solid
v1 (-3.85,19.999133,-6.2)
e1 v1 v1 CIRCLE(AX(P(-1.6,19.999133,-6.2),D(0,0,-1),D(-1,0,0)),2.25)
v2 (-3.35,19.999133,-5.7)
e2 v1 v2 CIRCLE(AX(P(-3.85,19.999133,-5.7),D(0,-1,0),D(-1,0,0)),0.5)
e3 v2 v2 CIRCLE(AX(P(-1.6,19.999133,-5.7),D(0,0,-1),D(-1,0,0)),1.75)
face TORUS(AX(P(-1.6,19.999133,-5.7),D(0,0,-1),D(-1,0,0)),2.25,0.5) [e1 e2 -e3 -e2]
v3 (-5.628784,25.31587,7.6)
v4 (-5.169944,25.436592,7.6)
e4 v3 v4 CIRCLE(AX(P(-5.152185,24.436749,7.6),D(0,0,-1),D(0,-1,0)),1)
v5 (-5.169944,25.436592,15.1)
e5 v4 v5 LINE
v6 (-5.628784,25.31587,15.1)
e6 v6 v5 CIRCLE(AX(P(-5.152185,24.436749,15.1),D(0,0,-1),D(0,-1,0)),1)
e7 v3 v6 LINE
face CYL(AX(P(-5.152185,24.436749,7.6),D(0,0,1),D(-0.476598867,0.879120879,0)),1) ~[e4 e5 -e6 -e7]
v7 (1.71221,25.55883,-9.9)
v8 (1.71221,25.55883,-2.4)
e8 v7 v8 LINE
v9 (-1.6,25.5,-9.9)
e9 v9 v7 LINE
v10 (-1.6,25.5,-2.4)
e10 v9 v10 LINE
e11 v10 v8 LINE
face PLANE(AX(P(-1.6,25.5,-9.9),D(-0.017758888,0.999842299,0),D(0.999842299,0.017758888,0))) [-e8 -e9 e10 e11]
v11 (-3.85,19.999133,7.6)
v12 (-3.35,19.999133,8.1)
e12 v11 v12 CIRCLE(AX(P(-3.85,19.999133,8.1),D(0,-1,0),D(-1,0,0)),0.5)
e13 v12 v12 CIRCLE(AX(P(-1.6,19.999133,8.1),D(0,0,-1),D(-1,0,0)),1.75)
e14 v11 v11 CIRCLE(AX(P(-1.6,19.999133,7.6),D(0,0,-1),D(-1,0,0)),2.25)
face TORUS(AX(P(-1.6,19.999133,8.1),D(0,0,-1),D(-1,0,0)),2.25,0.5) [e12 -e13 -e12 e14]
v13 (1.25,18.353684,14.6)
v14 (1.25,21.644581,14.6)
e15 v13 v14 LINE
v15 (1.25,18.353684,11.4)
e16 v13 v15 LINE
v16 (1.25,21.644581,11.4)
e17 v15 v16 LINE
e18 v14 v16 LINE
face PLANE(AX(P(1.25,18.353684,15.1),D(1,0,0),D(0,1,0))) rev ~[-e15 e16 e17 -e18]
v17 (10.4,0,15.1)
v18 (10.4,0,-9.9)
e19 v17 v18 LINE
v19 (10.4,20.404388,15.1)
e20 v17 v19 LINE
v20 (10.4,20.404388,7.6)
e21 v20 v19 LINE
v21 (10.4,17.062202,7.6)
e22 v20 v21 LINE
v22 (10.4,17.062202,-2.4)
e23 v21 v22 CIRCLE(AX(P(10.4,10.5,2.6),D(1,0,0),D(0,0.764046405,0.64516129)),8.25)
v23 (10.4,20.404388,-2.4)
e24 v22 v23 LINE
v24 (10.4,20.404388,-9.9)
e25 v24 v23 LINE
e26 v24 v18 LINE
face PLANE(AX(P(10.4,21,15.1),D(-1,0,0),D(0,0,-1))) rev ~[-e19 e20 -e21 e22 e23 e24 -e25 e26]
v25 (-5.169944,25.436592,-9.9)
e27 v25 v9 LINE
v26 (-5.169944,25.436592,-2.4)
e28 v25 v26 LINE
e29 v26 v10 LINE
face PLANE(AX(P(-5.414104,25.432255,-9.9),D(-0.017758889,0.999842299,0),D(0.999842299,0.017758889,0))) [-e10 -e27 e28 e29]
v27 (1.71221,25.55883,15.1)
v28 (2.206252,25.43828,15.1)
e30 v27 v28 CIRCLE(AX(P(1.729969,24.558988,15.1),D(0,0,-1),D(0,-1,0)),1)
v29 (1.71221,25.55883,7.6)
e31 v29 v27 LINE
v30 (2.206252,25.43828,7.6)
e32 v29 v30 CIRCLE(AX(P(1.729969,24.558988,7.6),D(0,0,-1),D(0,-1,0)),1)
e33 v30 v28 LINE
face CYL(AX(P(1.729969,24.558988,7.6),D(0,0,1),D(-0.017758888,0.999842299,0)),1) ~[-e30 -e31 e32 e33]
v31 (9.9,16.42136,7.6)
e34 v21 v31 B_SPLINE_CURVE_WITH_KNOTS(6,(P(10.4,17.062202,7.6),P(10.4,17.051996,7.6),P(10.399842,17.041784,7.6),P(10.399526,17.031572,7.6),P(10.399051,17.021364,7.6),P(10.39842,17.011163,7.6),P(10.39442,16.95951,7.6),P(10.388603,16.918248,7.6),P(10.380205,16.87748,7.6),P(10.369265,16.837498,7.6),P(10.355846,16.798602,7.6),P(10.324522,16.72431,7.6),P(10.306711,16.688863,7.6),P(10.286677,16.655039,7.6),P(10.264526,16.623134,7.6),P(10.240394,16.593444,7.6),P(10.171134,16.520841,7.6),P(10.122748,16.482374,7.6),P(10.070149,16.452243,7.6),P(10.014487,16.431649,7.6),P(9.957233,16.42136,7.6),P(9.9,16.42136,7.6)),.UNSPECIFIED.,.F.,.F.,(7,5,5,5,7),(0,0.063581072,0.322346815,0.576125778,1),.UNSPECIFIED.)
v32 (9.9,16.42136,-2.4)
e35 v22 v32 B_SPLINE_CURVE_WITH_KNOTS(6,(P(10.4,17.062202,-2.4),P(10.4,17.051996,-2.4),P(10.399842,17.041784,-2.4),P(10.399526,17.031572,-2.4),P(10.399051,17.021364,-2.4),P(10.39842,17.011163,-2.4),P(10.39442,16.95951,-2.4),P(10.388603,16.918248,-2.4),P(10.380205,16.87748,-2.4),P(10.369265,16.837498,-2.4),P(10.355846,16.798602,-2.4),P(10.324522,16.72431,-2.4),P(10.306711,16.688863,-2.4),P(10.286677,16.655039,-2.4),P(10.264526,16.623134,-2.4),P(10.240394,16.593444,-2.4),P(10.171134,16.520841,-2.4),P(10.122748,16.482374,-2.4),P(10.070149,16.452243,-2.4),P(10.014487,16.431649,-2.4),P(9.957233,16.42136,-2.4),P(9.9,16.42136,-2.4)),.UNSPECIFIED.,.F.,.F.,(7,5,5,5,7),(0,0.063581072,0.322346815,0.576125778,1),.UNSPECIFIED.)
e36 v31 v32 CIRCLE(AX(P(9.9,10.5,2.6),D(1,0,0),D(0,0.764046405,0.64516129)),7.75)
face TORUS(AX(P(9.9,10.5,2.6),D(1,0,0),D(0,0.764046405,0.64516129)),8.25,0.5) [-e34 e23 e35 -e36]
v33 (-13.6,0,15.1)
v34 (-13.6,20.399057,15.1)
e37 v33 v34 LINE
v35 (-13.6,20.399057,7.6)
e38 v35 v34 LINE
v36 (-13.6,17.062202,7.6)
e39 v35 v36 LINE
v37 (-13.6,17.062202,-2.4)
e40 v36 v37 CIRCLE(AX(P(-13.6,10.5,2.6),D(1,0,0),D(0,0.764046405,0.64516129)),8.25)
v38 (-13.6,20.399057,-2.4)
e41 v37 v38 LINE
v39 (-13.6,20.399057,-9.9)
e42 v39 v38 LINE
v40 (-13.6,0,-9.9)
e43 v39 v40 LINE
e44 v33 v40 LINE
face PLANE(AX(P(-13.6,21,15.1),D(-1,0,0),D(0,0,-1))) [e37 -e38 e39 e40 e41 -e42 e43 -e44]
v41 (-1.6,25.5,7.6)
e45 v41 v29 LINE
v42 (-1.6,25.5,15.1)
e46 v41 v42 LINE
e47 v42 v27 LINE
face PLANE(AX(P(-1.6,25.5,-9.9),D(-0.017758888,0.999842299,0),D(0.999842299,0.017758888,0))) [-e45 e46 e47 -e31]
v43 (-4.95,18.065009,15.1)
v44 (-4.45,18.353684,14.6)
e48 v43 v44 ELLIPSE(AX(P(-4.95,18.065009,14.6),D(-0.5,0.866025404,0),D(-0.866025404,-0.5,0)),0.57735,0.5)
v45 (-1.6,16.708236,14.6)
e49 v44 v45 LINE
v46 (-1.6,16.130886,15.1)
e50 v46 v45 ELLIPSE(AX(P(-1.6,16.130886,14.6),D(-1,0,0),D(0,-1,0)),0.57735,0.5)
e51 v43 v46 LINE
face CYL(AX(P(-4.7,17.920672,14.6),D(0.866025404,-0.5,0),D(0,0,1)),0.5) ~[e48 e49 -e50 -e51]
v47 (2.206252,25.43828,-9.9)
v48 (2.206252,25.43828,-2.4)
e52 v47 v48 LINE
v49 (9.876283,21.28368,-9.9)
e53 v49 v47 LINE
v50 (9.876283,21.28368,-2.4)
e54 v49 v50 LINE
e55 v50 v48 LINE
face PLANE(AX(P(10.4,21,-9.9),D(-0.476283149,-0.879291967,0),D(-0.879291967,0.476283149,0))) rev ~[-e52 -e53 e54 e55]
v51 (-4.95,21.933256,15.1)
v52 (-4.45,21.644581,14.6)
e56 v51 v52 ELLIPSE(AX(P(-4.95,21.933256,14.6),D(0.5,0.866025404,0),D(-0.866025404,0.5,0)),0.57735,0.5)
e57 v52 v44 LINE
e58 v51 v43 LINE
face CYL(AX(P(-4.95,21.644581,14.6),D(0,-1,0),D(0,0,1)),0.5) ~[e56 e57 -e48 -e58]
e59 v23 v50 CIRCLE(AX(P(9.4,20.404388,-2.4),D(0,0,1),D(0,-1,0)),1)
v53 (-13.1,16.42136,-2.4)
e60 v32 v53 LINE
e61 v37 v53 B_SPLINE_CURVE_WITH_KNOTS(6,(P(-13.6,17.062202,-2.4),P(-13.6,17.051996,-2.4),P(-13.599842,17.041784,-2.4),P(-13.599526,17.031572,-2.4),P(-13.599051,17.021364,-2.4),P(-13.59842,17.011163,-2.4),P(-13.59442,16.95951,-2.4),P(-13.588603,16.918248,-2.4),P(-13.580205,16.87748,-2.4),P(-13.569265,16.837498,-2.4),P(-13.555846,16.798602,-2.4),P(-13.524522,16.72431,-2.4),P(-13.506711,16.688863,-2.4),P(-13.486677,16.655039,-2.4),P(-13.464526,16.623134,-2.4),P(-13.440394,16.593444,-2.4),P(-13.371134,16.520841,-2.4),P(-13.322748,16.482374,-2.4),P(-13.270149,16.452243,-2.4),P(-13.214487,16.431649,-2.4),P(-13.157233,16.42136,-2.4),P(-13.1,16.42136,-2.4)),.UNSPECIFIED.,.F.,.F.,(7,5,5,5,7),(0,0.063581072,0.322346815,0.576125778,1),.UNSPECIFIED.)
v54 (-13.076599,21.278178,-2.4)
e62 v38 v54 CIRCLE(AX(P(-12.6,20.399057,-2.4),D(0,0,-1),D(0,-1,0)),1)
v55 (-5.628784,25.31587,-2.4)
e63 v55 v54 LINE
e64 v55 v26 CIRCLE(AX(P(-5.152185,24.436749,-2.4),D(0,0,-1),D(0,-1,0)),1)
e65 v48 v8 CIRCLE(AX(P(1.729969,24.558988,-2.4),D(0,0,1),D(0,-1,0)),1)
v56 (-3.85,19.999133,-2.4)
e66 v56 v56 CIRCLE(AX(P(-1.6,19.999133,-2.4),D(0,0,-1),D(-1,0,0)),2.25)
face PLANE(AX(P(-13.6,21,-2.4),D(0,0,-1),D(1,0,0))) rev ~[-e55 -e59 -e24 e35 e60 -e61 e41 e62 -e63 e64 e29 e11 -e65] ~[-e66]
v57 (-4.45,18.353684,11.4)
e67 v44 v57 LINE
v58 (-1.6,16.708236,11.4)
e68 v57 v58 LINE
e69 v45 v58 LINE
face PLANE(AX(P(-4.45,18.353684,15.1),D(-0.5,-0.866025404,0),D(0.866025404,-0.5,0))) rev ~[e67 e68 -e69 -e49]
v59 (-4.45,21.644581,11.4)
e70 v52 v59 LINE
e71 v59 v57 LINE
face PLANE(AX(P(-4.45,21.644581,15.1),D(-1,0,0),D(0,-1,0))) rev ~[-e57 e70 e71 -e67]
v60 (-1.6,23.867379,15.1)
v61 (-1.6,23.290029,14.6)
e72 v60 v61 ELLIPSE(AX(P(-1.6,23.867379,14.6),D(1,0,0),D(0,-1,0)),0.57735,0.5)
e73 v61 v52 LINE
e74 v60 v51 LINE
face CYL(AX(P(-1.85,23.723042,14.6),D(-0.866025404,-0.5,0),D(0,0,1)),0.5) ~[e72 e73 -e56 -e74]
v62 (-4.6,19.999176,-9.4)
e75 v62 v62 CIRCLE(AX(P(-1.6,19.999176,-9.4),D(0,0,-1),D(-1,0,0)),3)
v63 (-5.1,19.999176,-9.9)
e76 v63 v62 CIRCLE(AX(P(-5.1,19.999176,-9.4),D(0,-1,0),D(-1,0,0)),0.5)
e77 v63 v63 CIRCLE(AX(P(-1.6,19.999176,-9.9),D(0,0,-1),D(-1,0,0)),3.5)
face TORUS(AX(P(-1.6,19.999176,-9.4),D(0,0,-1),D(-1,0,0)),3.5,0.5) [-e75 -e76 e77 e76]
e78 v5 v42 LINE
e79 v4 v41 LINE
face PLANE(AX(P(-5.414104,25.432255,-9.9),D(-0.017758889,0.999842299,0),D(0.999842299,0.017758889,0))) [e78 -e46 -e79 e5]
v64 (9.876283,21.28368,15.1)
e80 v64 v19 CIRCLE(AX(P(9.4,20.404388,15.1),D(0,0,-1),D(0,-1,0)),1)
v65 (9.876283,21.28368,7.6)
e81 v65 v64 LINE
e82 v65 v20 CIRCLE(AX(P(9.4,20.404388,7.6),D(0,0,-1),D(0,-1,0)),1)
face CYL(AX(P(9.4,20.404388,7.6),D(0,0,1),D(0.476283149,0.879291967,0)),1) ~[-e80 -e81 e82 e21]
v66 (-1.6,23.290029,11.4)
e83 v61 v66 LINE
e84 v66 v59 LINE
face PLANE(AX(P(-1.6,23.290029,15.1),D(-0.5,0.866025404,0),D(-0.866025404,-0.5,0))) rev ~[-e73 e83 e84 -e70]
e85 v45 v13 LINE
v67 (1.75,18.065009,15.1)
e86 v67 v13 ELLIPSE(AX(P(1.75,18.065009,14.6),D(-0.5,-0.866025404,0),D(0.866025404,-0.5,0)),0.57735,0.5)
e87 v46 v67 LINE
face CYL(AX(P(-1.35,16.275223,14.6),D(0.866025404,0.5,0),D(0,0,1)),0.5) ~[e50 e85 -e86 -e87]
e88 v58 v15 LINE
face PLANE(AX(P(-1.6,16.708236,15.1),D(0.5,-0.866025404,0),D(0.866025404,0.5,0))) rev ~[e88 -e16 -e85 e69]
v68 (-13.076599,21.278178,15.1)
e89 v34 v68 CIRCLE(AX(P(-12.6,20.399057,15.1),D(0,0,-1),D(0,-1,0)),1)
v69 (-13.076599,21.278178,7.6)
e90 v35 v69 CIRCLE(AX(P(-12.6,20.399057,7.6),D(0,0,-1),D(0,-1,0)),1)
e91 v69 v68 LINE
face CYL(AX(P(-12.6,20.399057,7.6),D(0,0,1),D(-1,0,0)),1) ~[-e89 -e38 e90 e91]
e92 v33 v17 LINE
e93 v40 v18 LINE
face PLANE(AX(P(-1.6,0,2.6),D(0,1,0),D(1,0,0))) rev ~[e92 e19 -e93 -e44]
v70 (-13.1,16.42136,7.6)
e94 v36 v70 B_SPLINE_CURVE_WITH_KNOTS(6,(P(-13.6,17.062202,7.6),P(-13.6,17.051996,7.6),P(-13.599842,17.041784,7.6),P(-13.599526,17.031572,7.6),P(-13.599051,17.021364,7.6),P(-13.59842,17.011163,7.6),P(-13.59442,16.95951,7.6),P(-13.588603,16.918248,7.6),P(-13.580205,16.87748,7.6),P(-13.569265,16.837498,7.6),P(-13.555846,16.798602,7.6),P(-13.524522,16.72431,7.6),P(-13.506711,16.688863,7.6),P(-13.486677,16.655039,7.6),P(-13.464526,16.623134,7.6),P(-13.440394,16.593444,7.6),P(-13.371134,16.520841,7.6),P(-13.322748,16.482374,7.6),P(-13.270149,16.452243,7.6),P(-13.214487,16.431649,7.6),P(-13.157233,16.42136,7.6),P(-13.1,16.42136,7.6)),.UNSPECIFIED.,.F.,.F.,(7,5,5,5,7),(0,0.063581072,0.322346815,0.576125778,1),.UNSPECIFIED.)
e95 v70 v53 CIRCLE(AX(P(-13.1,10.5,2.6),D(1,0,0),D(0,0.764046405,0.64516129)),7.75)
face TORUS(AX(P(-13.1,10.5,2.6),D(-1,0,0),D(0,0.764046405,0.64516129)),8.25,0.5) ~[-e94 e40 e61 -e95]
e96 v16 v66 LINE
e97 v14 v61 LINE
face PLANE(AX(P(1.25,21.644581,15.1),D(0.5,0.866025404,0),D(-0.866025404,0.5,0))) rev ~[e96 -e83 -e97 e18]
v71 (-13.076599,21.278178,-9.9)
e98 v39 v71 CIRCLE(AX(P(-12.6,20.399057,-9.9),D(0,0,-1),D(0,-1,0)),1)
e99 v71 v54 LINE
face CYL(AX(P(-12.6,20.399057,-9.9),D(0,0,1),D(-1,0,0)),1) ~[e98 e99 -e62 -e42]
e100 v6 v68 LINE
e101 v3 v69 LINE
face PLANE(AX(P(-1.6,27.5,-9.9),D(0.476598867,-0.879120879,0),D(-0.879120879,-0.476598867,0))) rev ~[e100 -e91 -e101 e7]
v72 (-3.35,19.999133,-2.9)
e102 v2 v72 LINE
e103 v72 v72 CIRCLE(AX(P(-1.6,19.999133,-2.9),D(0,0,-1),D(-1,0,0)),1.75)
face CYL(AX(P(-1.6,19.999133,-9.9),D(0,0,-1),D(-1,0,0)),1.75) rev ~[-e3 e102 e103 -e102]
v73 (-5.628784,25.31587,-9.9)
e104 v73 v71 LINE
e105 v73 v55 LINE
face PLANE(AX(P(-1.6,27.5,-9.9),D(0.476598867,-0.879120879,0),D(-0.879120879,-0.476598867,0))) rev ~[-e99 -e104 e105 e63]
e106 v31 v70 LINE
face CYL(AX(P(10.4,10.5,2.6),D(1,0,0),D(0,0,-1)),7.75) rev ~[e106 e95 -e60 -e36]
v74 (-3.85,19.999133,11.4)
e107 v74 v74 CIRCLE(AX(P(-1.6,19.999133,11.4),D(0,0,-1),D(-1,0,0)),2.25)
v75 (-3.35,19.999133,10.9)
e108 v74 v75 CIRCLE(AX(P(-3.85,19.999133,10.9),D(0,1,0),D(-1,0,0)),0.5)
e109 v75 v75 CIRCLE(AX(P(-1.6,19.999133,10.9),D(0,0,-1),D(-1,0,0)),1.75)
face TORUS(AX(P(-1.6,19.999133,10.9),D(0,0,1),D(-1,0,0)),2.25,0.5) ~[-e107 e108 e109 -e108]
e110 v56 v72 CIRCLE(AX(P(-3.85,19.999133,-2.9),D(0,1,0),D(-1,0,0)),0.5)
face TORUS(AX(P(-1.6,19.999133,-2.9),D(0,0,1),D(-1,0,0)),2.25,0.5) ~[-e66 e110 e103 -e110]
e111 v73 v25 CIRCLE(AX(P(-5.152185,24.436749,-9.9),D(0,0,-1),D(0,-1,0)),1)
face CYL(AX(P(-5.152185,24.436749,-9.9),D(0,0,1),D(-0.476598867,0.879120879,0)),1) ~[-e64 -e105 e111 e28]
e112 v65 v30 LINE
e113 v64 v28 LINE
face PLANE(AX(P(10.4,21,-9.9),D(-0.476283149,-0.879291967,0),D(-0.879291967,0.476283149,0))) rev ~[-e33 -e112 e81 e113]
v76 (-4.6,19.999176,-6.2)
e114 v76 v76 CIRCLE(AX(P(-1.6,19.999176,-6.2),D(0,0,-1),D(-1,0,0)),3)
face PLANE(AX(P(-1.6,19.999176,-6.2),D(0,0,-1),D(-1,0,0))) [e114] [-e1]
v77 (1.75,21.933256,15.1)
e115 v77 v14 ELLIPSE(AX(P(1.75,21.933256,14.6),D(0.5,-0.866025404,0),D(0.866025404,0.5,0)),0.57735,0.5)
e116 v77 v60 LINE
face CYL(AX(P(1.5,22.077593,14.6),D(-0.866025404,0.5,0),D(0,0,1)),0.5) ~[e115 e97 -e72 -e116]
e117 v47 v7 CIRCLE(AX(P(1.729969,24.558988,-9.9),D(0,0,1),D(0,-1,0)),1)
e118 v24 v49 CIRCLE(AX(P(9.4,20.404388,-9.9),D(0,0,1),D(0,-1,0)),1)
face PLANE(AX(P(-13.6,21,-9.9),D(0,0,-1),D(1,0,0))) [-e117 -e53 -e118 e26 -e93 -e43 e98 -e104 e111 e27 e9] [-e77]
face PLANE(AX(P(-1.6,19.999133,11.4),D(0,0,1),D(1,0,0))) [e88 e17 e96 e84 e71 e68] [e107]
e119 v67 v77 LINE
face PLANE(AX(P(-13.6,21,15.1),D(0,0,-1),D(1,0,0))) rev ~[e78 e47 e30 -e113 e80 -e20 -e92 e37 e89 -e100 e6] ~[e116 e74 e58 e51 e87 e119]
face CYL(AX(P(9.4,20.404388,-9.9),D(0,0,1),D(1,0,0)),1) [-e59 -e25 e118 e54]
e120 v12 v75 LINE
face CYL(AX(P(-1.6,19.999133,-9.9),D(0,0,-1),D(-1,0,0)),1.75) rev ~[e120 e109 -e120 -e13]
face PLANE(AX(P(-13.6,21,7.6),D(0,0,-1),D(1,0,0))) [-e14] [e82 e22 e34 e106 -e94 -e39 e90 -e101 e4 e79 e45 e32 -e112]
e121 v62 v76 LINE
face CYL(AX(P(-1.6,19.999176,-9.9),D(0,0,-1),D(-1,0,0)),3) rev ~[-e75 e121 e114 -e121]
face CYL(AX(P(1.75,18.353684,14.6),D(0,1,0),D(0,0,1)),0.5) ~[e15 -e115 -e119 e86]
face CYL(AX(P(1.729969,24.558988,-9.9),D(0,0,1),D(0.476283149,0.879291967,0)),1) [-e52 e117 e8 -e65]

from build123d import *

# Parameters (mm, degrees)
SKETCH1_W           = 24
SKETCH1_H           = 25
BOSS_EXTRUDE1_DEPTH = 21
SKETCH2_R           = 7.75
CUT_EXTRUDE1_DEPTH  = 36.284699234
SKETCH3_W           = 10
SKETCH3_H           = 4.578640359
CUT_EXTRUDE2_DEPTH  = 36.284699234
FILLET4_R           = 0.5
SKETCH4_W           = 24
SKETCH4_H           = 7.5
BOSS_EXTRUDE2_DEPTH = 6.5
SKETCH6_W           = 24
SKETCH6_H           = 7.5
BOSS_EXTRUDE3_DEPTH = 6.5
CUT_EXTRUDE5_DEPTH  = 40.575371233
CUT_EXTRUDE6_DEPTH  = 40.575371233
CUT_EXTRUDE7_DEPTH  = 40.575371233
SKETCH15_R          = 1.75
CUT_EXTRUDE8_DEPTH  = 39.255097839
FILLET5_R           = 0.5
SKETCH16_R          = 3
CUT_EXTRUDE9_DEPTH  = 3.7
FILLET6_R           = 0.5
CUT_EXTRUDE10_DEPTH = 3.7
FILLET7_R           = 0.5
FILLET8_R           = 0.5
FILLET9_R           = 0.5
FILLET10_R          = 0.5
FILLET14_R          = 1


with BuildPart() as part:
    # Sketch1 → Boss-Extrude1 (new body)
    with BuildSketch(Plane(origin=(0, 0, 0), x_dir=(1, 0, 0), z_dir=(0, 1, 0))):
        with Locations((-1.6, -2.6)):
            Rectangle(SKETCH1_W, SKETCH1_H)
    extrude(amount=BOSS_EXTRUDE1_DEPTH)

    # Sketch2 → Cut-Extrude1 (cut, through all)
    with BuildSketch(Plane(origin=(10.4, 0, 0), x_dir=(0, 0, -1), z_dir=(1, 0, 0))):
        with Locations((-2.6, 10.5)):
            Circle(SKETCH2_R)
    extrude(amount=-CUT_EXTRUDE1_DEPTH, mode=Mode.SUBTRACT)

    # Sketch3 → Cut-Extrude2 (cut, through all)
    with BuildSketch(Plane(origin=(10.4, 0, 0), x_dir=(0, 0, -1), z_dir=(1, 0, 0))):
        with Locations((-2.6, 18.710679821)):
            Rectangle(SKETCH3_W, SKETCH3_H)
    extrude(amount=-CUT_EXTRUDE2_DEPTH, mode=Mode.SUBTRACT)

    # Fillet4
    fillet4_edges = [part.edges().sort_by_distance(p)[0] for p in [
        (-13.6, 2.75, 2.6),
        (10.4, 2.75, 2.6),
    ]]
    fillet(fillet4_edges, radius=FILLET4_R)

    # Sketch4 → Boss-Extrude2 (add)
    with BuildSketch(Plane(origin=(0, 21, 0), x_dir=(1, 0, 0), z_dir=(0, 1, 0))):
        with Locations((-1.6, 6.15)):
            Rectangle(SKETCH4_W, SKETCH4_H)
    extrude(amount=BOSS_EXTRUDE2_DEPTH)

    # Sketch6 → Boss-Extrude3 (add)
    with BuildSketch(Plane(origin=(0, 21, 0), x_dir=(1, 0, 0), z_dir=(0, 1, 0))):
        with Locations((-1.6, -11.35)):
            Rectangle(SKETCH6_W, SKETCH6_H)
    extrude(amount=BOSS_EXTRUDE3_DEPTH)

    # Sketch5 → Cut-Extrude5 (cut, through all)
    with BuildSketch(Plane(origin=(0, 0, -9.9), x_dir=(-1, 0, 0), z_dir=(0, 0, -1))):
        Polygon((-10.4, 21), (1.6, 27.5), (-10.4, 27.5), align=None)
    extrude(amount=-CUT_EXTRUDE5_DEPTH, mode=Mode.SUBTRACT)

    # Sketch13 → Cut-Extrude6 (cut, through all)
    with BuildSketch(Plane(origin=(0, 0, -9.9), x_dir=(-1, 0, 0), z_dir=(0, 0, -1))):
        Polygon((1.6, 27.5), (13.6, 20.994425467), (13.6, 27.5), align=None)
    extrude(amount=-CUT_EXTRUDE6_DEPTH, mode=Mode.SUBTRACT)

    # Sketch14 → Cut-Extrude7 (cut, through all)
    with BuildSketch(Plane(origin=(0, 0, -9.9), x_dir=(-1, 0, 0), z_dir=(0, 0, -1))):
        Polygon((-1.975077984, 25.563499425), (1.6, 27.5), (5.414104211, 25.432255065), (1.6, 25.5), align=None)
    extrude(amount=-CUT_EXTRUDE7_DEPTH, mode=Mode.SUBTRACT)

    # Sketch15 → Cut-Extrude8 (cut, through all)
    with BuildSketch(Plane(origin=(0, 0, -9.9), x_dir=(-1, 0, 0), z_dir=(0, 0, -1))):
        with Locations((1.6, 19.999132505)):
            Circle(SKETCH15_R)
    extrude(amount=-CUT_EXTRUDE8_DEPTH, mode=Mode.SUBTRACT)

    # Fillet5
    fillet5_edges = [part.edges().sort_by_distance(p)[0] for p in [
        (0.15, 19.999132505, -9.9),
    ]]
    fillet(fillet5_edges, radius=FILLET5_R)

    # Sketch16 → Cut-Extrude9 (cut)
    with BuildSketch(Plane(origin=(0, 0, -9.9), x_dir=(-1, 0, 0), z_dir=(0, 0, -1))):
        with Locations((1.6, 19.999175888)):
            Circle(SKETCH16_R)
    extrude(amount=-CUT_EXTRUDE9_DEPTH, mode=Mode.SUBTRACT)

    # Fillet6
    fillet6_edges = [part.edges().sort_by_distance(p)[0] for p in [
        (1.4, 19.999175888, -9.9),
        (0.15, 19.999132505, -6.2),
    ]]
    fillet(fillet6_edges, radius=FILLET6_R)

    # Sketch17 → Cut-Extrude10 (cut)
    with BuildSketch(Plane.XY.offset(15.1)):
        Polygon((-4.45, 21.644580772), (-4.45, 18.353684238), (-1.6, 16.708235971), (1.25, 18.353684238), (1.25, 21.644580772), (-1.6, 23.290029039), align=None)
    extrude(amount=-CUT_EXTRUDE10_DEPTH, mode=Mode.SUBTRACT)

    # Fillet7
    fillet7_edges = [part.edges().sort_by_distance(p)[0] for p in [
        (-3.025, 22.467304906, 15.1),
        (-4.45, 19.999132505, 15.1),
        (-3.025, 17.530960104, 15.1),
        (-0.175, 17.530960104, 15.1),
        (1.25, 19.999132505, 15.1),
        (-0.175, 22.467304906, 15.1),
    ]]
    fillet(fillet7_edges, radius=FILLET7_R)

    # Fillet8
    fillet8_edges = [part.edges().sort_by_distance(p)[0] for p in [
        (0.15, 19.999132505, 11.4),
    ]]
    fillet(fillet8_edges, radius=FILLET8_R)

    # Fillet9
    fillet9_edges = [part.edges().sort_by_distance(p)[0] for p in [
        (0.15, 19.999132505, -2.4),
    ]]
    fillet(fillet9_edges, radius=FILLET9_R)

    # Fillet10
    fillet10_edges = [part.edges().sort_by_distance(p)[0] for p in [
        (0.15, 19.999132505, 7.6),
    ]]
    fillet(fillet10_edges, radius=FILLET10_R)

    # Fillet14
    fillet14_edges = [part.edges().sort_by_distance(p)[0] for p in [
        (-13.6, 20.994425467, 11.35),
        (-13.6, 20.994425467, -6.15),
        (1.975077984, 25.563499425, 11.35),
        (1.975077984, 25.563499425, -6.15),
        (-5.414104211, 25.432255065, 11.35),
        (-5.414104211, 25.432255065, -6.15),
        (10.4, 21, 11.35),
        (10.4, 21, -6.15),
    ]]
    fillet(fillet14_edges, radius=FILLET14_R)


solid = part.part
